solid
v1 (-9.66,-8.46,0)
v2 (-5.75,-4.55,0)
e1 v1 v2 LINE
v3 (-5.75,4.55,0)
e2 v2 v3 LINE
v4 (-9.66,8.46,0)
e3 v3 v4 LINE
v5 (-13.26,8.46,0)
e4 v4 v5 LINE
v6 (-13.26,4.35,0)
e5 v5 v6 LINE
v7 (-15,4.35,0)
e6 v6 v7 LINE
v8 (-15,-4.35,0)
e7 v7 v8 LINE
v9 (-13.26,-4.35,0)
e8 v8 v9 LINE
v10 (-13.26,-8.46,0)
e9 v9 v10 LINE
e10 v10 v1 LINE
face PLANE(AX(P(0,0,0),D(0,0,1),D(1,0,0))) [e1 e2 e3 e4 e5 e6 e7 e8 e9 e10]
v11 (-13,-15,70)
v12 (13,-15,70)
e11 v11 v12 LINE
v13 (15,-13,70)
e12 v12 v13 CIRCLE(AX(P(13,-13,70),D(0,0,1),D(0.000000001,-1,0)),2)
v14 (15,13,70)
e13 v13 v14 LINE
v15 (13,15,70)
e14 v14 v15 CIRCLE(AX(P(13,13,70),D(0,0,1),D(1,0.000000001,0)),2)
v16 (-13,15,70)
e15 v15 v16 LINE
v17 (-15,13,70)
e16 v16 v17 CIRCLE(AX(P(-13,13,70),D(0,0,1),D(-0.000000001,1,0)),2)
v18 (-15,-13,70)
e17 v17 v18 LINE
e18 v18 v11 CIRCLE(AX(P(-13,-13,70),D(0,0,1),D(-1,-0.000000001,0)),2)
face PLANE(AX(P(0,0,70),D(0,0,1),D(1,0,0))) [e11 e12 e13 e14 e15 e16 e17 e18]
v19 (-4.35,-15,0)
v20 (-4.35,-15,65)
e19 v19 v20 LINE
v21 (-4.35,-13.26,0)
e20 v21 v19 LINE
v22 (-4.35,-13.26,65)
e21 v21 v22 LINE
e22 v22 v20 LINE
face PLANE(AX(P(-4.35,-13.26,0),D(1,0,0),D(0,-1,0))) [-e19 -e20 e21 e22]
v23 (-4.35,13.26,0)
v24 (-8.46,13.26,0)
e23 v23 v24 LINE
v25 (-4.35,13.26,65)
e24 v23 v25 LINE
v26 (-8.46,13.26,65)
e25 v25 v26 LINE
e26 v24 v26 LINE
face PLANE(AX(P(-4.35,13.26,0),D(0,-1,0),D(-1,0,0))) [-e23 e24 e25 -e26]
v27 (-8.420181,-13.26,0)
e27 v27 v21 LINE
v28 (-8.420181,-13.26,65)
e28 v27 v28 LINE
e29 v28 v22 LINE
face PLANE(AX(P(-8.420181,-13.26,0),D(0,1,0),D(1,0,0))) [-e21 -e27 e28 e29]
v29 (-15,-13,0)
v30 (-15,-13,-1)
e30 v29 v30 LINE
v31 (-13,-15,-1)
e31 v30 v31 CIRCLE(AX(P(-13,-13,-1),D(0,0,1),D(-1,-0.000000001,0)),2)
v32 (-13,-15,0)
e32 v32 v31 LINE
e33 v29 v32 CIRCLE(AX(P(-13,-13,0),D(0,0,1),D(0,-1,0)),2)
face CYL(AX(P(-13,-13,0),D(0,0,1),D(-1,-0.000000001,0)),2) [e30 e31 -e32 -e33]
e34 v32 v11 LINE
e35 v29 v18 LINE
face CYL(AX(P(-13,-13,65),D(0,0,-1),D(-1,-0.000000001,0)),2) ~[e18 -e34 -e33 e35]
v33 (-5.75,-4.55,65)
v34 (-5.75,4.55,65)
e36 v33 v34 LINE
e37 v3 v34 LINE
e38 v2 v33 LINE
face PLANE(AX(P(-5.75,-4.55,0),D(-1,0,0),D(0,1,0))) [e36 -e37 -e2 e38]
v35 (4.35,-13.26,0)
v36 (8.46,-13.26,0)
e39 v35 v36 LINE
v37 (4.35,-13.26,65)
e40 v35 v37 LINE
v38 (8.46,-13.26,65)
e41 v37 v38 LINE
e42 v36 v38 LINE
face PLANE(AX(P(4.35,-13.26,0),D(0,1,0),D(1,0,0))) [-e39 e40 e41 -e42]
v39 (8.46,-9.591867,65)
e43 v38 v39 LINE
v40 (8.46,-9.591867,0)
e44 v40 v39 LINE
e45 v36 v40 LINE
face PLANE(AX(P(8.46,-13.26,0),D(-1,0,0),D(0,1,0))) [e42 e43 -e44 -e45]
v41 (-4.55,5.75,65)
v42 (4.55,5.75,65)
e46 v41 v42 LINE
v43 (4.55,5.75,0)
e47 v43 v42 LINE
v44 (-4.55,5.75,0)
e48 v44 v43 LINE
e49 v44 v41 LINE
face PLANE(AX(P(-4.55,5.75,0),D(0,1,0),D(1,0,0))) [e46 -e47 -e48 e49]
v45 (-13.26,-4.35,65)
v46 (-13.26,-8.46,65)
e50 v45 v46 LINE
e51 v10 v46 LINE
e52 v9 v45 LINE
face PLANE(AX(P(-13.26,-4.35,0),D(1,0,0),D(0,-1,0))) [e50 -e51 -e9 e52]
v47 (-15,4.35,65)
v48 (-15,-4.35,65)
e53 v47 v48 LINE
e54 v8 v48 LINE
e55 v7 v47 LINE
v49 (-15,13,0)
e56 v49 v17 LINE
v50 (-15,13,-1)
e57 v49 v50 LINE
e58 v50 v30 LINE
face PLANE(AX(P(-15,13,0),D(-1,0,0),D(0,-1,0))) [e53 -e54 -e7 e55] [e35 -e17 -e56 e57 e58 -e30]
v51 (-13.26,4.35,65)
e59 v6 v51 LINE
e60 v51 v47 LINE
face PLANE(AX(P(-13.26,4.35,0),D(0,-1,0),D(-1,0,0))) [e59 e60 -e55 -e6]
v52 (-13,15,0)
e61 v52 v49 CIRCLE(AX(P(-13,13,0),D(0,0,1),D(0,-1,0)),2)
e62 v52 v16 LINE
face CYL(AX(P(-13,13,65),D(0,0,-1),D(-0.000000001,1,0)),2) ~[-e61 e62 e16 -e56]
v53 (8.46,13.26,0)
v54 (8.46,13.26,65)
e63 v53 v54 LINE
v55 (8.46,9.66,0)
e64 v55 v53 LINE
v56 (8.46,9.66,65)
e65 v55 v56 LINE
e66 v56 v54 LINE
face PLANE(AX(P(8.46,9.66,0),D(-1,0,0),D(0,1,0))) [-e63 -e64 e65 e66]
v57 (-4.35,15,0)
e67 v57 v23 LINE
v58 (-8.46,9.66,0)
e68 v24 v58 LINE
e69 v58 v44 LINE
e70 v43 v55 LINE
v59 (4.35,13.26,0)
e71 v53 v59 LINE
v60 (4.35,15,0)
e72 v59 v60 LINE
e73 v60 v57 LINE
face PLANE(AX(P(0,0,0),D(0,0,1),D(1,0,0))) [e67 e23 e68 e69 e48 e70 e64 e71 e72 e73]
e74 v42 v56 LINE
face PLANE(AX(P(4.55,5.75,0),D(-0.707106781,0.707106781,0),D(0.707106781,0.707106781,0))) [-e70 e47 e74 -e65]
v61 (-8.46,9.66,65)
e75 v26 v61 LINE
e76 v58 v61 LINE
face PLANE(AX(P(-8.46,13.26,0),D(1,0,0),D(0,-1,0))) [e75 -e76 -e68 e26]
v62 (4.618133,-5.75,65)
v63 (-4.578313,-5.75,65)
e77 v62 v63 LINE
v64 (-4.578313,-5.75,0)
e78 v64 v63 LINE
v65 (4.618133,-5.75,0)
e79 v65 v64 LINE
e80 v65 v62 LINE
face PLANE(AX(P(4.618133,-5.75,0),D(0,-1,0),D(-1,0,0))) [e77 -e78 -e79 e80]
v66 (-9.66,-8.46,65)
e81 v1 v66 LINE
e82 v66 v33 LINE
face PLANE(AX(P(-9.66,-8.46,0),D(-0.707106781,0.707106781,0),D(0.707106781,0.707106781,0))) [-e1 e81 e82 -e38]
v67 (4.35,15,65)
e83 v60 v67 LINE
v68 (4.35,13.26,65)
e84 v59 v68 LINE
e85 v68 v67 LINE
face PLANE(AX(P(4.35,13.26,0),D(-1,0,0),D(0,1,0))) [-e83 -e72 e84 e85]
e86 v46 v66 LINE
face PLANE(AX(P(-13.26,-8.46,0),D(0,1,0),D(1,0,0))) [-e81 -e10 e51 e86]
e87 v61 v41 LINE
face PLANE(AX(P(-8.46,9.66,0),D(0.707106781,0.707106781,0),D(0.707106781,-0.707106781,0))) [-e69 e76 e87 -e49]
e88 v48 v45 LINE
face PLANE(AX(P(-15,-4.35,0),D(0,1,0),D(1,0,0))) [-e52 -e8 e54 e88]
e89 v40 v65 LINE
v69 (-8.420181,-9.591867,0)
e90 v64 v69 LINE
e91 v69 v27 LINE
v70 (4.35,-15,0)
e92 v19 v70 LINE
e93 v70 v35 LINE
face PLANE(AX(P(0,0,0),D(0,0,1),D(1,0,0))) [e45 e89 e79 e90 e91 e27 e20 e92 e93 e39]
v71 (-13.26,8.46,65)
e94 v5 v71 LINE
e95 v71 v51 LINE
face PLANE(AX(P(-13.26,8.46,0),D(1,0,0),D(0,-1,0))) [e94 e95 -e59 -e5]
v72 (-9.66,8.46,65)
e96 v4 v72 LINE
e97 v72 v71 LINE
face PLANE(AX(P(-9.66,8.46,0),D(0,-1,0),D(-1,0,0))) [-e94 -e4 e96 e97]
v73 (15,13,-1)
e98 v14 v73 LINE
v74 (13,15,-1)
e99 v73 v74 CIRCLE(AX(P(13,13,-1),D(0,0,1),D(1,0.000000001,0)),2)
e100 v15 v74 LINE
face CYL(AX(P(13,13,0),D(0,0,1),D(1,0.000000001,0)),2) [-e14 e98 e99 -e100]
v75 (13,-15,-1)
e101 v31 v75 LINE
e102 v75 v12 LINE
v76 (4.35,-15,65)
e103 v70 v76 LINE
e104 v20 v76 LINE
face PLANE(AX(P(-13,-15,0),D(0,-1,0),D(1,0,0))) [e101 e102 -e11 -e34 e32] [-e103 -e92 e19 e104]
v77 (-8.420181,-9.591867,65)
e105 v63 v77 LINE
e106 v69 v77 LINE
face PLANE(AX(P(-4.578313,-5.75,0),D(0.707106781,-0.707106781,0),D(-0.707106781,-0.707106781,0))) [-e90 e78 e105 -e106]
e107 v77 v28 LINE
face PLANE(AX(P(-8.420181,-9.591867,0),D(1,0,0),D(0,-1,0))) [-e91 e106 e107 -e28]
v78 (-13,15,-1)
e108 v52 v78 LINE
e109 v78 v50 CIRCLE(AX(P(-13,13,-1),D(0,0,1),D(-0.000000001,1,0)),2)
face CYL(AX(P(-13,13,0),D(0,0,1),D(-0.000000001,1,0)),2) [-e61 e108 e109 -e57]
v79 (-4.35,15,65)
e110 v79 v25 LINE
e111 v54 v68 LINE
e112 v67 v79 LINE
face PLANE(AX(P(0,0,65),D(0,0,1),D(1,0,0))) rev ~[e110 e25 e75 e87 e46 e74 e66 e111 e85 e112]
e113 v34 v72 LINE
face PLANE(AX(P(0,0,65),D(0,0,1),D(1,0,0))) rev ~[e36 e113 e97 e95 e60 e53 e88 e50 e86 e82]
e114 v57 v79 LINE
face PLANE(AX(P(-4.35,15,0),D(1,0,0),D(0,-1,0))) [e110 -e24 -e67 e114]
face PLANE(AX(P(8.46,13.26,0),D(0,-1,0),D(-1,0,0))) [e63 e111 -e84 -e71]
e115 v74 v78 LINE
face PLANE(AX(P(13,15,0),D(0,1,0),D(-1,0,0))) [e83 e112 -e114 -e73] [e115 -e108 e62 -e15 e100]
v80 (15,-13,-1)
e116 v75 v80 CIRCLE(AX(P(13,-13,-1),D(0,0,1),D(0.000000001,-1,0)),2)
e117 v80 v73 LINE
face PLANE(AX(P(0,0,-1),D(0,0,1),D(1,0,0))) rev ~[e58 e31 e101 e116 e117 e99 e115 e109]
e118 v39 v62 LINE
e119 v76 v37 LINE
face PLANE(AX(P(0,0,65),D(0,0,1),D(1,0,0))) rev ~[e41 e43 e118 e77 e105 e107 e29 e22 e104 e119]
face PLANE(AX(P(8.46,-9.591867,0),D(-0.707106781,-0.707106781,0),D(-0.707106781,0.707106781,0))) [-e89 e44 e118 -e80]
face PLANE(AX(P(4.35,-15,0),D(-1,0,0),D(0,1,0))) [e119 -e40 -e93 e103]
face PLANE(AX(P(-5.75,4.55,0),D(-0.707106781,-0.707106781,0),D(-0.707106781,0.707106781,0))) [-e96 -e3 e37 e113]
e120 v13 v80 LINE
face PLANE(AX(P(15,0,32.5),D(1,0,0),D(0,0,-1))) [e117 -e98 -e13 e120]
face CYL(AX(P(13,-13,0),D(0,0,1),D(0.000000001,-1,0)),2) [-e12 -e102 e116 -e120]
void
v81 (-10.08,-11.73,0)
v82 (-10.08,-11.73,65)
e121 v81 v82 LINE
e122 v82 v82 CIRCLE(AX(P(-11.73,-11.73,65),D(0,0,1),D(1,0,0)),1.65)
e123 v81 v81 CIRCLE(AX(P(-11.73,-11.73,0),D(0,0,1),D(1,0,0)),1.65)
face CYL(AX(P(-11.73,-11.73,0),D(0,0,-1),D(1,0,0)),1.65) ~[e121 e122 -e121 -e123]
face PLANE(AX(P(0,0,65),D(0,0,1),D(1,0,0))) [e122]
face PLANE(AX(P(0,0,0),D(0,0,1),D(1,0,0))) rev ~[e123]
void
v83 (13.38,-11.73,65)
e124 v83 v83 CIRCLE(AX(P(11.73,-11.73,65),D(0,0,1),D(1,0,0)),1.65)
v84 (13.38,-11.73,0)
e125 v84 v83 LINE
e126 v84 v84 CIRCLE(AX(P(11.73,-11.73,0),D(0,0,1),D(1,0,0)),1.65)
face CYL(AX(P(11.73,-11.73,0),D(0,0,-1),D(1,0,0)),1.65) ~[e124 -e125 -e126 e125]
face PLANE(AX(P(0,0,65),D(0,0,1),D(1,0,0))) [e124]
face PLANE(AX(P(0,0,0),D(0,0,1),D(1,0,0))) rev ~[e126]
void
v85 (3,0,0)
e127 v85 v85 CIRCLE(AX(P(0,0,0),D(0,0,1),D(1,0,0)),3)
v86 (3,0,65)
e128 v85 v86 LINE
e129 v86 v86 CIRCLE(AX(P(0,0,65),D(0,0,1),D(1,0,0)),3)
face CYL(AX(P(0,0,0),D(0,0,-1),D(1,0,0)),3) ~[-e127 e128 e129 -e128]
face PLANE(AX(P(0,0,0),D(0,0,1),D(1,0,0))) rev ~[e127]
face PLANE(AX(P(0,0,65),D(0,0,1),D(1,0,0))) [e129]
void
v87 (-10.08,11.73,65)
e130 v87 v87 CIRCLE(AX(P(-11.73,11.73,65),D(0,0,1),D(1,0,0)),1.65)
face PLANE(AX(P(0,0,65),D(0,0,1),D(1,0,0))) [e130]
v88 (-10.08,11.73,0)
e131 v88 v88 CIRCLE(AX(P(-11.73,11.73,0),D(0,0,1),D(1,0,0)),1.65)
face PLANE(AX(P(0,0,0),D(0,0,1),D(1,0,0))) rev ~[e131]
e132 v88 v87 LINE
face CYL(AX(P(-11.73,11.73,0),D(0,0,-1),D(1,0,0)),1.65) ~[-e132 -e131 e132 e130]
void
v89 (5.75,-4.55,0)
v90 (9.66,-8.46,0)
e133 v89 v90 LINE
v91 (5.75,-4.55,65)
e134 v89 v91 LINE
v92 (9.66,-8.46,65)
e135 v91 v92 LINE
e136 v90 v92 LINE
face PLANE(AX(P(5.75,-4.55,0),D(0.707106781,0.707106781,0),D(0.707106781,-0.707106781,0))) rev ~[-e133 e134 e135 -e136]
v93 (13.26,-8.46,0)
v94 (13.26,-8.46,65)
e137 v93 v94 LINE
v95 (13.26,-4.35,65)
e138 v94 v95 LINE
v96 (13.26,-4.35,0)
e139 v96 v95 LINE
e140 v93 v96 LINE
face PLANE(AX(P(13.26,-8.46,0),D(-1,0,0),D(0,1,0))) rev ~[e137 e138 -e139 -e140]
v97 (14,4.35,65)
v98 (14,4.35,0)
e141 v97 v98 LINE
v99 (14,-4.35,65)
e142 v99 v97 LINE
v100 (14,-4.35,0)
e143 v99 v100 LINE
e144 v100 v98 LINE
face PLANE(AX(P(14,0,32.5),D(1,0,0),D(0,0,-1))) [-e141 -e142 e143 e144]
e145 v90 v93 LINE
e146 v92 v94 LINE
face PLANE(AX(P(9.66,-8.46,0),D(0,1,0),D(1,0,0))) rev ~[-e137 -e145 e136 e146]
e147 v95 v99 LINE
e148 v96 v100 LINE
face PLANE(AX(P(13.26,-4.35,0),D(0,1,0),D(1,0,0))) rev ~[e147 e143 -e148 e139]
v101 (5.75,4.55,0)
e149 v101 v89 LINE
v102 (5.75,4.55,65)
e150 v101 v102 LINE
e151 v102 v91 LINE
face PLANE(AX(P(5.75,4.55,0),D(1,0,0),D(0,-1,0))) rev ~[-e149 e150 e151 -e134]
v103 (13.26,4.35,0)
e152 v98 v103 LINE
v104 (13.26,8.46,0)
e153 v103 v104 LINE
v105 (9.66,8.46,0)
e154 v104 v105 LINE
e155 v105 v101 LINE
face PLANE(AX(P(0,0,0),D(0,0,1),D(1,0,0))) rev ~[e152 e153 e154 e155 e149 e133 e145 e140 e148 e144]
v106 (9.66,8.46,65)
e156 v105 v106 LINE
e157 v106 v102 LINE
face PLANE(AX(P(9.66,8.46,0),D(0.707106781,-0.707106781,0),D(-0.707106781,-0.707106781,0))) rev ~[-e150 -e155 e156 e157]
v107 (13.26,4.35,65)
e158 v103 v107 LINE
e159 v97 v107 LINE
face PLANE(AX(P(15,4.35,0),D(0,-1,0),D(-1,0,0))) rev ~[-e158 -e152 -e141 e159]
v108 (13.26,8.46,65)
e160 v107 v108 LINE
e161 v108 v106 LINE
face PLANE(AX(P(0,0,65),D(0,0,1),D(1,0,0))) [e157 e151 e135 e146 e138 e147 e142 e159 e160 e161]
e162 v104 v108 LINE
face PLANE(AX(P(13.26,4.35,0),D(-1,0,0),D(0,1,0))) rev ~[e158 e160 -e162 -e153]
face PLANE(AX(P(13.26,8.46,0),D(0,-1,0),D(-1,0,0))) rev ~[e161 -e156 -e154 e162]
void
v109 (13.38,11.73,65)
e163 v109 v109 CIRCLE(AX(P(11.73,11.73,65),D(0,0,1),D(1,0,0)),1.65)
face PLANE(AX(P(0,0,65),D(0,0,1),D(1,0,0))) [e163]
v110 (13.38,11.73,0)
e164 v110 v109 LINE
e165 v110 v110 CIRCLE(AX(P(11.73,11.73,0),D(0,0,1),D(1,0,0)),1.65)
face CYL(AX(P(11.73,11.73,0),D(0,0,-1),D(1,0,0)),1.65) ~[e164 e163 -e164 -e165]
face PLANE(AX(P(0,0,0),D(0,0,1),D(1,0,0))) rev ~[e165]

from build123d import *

# Parameters (mm, degrees)
SKETCH1_R                    = 3
SKETCH1_R_2                  = 1.65
BOSS_EXTRUDE1_DEPTH          = 65
FILLET1_R                    = 2
ESTRUSIONE_ESTRUSIONE1_DEPTH = 5
ESTRUSIONE_ESTRUSIONE2_DEPTH = 1
SCHIZZO3_W                   = 65
SCHIZZO3_H                   = 8.7
ESTRUSIONE_ESTRUSIONE3_DEPTH = 1


with BuildPart() as part:
    # Sketch1 → Boss-Extrude1 (new body)
    with BuildSketch(Plane.XY):
        Polygon((-8.46, 9.66), (-4.55, 5.75), (4.55, 5.75), (8.46, 9.66), (8.46, 13.26), (4.35, 13.26), (4.35, 15), (15, 15), (15, 4.35), (13.26, 4.35), (13.26, 8.46), (9.66, 8.46), (5.75, 4.55), (5.75, -4.55), (9.66, -8.46), (13.26, -8.46), (13.26, -4.35), (15, -4.35), (15, -15), (4.35, -15), (4.35, -13.26), (8.46, -13.26), (8.46, -9.59186747), (4.61813253, -5.75), (-4.578313253, -5.75), (-8.420180723, -9.59186747), (-8.420180723, -13.26), (-4.35, -13.26), (-4.35, -15), (-15, -15), (-15, -4.35), (-13.26, -4.35), (-13.26, -8.46), (-9.66, -8.46), (-5.75, -4.55), (-5.75, 4.55), (-9.66, 8.46), (-13.26, 8.46), (-13.26, 4.35), (-15, 4.35), (-15, 15), (-4.35, 15), (-4.35, 13.26), (-8.46, 13.26), align=None)
        Circle(SKETCH1_R, mode=Mode.SUBTRACT)
        with Locations((11.73, 11.73)):
            Circle(SKETCH1_R_2, mode=Mode.SUBTRACT)
        with Locations((11.73, -11.73)):
            Circle(SKETCH1_R_2, mode=Mode.SUBTRACT)
        with Locations((-11.73, -11.73)):
            Circle(SKETCH1_R_2, mode=Mode.SUBTRACT)
        with Locations((-11.73, 11.73)):
            Circle(SKETCH1_R_2, mode=Mode.SUBTRACT)
    extrude(amount=BOSS_EXTRUDE1_DEPTH)

    # Fillet1
    fillet1_edges = [part.edges().sort_by_distance(p)[0] for p in [
        (15, 15, 32.5),
        (15, -15, 32.5),
        (-15, -15, 32.5),
        (-15, 15, 32.5),
    ]]
    fillet(fillet1_edges, radius=FILLET1_R)

    # Schizzo1 → Estrusione-Estrusione1 (add)
    with BuildSketch(Plane.XY.offset(65)):
        with BuildLine():
            Line((13, 15), (4.35, 15))
            Line((4.35, 15), (-4.35, 15))
            Line((-4.35, 15), (-13, 15))
            ThreePointArc((-13, 15), (-14.414213562, 14.414213562), (-15, 13))
            Line((-15, 13), (-15, 4.35))
            Line((-15, 4.35), (-15, -4.35))
            Line((-15, -4.35), (-15, -13))
            ThreePointArc((-15, -13), (-14.414213562, -14.414213562), (-13, -15))
            Line((-13, -15), (-4.35, -15))
            Line((-4.35, -15), (4.35, -15))
            Line((4.35, -15), (13, -15))
            ThreePointArc((13, -15), (14.414213562, -14.414213562), (15, -13))
            Line((15, -13), (15, -4.35))
            Line((15, -4.35), (15, 4.35))
            Line((15, 4.35), (15, 13))
            ThreePointArc((15, 13), (14.414213562, 14.414213562), (13, 15))
        make_face()
    extrude(amount=ESTRUSIONE_ESTRUSIONE1_DEPTH)

    # Schizzo2 → Estrusione-Estrusione2 (add)
    with BuildSketch(Plane(origin=(0, 0, 0), x_dir=(-1, 0, 0), z_dir=(0, 0, -1))):
        with BuildLine():
            Line((-13, 15), (13, 15))
            ThreePointArc((13, 15), (14.414213562, 14.414213562), (15, 13))
            Line((15, 13), (15, -13))
            ThreePointArc((15, -13), (14.414213562, -14.414213562), (13, -15))
            Line((13, -15), (-13, -15))
            ThreePointArc((-13, -15), (-14.414213562, -14.414213562), (-15, -13))
            Line((-15, -13), (-15, 13))
            ThreePointArc((-15, 13), (-14.414213562, 14.414213562), (-13, 15))
        make_face()
    extrude(amount=ESTRUSIONE_ESTRUSIONE2_DEPTH)

    # Schizzo3 → Estrusione-Estrusione3 (add)
    with BuildSketch(Plane(origin=(15, 0, 0), x_dir=(0, 0, -1), z_dir=(1, 0, 0))):
        with Locations((-32.5, 0)):
            Rectangle(SCHIZZO3_W, SCHIZZO3_H)
    extrude(amount=-ESTRUSIONE_ESTRUSIONE3_DEPTH)


solid = part.part
